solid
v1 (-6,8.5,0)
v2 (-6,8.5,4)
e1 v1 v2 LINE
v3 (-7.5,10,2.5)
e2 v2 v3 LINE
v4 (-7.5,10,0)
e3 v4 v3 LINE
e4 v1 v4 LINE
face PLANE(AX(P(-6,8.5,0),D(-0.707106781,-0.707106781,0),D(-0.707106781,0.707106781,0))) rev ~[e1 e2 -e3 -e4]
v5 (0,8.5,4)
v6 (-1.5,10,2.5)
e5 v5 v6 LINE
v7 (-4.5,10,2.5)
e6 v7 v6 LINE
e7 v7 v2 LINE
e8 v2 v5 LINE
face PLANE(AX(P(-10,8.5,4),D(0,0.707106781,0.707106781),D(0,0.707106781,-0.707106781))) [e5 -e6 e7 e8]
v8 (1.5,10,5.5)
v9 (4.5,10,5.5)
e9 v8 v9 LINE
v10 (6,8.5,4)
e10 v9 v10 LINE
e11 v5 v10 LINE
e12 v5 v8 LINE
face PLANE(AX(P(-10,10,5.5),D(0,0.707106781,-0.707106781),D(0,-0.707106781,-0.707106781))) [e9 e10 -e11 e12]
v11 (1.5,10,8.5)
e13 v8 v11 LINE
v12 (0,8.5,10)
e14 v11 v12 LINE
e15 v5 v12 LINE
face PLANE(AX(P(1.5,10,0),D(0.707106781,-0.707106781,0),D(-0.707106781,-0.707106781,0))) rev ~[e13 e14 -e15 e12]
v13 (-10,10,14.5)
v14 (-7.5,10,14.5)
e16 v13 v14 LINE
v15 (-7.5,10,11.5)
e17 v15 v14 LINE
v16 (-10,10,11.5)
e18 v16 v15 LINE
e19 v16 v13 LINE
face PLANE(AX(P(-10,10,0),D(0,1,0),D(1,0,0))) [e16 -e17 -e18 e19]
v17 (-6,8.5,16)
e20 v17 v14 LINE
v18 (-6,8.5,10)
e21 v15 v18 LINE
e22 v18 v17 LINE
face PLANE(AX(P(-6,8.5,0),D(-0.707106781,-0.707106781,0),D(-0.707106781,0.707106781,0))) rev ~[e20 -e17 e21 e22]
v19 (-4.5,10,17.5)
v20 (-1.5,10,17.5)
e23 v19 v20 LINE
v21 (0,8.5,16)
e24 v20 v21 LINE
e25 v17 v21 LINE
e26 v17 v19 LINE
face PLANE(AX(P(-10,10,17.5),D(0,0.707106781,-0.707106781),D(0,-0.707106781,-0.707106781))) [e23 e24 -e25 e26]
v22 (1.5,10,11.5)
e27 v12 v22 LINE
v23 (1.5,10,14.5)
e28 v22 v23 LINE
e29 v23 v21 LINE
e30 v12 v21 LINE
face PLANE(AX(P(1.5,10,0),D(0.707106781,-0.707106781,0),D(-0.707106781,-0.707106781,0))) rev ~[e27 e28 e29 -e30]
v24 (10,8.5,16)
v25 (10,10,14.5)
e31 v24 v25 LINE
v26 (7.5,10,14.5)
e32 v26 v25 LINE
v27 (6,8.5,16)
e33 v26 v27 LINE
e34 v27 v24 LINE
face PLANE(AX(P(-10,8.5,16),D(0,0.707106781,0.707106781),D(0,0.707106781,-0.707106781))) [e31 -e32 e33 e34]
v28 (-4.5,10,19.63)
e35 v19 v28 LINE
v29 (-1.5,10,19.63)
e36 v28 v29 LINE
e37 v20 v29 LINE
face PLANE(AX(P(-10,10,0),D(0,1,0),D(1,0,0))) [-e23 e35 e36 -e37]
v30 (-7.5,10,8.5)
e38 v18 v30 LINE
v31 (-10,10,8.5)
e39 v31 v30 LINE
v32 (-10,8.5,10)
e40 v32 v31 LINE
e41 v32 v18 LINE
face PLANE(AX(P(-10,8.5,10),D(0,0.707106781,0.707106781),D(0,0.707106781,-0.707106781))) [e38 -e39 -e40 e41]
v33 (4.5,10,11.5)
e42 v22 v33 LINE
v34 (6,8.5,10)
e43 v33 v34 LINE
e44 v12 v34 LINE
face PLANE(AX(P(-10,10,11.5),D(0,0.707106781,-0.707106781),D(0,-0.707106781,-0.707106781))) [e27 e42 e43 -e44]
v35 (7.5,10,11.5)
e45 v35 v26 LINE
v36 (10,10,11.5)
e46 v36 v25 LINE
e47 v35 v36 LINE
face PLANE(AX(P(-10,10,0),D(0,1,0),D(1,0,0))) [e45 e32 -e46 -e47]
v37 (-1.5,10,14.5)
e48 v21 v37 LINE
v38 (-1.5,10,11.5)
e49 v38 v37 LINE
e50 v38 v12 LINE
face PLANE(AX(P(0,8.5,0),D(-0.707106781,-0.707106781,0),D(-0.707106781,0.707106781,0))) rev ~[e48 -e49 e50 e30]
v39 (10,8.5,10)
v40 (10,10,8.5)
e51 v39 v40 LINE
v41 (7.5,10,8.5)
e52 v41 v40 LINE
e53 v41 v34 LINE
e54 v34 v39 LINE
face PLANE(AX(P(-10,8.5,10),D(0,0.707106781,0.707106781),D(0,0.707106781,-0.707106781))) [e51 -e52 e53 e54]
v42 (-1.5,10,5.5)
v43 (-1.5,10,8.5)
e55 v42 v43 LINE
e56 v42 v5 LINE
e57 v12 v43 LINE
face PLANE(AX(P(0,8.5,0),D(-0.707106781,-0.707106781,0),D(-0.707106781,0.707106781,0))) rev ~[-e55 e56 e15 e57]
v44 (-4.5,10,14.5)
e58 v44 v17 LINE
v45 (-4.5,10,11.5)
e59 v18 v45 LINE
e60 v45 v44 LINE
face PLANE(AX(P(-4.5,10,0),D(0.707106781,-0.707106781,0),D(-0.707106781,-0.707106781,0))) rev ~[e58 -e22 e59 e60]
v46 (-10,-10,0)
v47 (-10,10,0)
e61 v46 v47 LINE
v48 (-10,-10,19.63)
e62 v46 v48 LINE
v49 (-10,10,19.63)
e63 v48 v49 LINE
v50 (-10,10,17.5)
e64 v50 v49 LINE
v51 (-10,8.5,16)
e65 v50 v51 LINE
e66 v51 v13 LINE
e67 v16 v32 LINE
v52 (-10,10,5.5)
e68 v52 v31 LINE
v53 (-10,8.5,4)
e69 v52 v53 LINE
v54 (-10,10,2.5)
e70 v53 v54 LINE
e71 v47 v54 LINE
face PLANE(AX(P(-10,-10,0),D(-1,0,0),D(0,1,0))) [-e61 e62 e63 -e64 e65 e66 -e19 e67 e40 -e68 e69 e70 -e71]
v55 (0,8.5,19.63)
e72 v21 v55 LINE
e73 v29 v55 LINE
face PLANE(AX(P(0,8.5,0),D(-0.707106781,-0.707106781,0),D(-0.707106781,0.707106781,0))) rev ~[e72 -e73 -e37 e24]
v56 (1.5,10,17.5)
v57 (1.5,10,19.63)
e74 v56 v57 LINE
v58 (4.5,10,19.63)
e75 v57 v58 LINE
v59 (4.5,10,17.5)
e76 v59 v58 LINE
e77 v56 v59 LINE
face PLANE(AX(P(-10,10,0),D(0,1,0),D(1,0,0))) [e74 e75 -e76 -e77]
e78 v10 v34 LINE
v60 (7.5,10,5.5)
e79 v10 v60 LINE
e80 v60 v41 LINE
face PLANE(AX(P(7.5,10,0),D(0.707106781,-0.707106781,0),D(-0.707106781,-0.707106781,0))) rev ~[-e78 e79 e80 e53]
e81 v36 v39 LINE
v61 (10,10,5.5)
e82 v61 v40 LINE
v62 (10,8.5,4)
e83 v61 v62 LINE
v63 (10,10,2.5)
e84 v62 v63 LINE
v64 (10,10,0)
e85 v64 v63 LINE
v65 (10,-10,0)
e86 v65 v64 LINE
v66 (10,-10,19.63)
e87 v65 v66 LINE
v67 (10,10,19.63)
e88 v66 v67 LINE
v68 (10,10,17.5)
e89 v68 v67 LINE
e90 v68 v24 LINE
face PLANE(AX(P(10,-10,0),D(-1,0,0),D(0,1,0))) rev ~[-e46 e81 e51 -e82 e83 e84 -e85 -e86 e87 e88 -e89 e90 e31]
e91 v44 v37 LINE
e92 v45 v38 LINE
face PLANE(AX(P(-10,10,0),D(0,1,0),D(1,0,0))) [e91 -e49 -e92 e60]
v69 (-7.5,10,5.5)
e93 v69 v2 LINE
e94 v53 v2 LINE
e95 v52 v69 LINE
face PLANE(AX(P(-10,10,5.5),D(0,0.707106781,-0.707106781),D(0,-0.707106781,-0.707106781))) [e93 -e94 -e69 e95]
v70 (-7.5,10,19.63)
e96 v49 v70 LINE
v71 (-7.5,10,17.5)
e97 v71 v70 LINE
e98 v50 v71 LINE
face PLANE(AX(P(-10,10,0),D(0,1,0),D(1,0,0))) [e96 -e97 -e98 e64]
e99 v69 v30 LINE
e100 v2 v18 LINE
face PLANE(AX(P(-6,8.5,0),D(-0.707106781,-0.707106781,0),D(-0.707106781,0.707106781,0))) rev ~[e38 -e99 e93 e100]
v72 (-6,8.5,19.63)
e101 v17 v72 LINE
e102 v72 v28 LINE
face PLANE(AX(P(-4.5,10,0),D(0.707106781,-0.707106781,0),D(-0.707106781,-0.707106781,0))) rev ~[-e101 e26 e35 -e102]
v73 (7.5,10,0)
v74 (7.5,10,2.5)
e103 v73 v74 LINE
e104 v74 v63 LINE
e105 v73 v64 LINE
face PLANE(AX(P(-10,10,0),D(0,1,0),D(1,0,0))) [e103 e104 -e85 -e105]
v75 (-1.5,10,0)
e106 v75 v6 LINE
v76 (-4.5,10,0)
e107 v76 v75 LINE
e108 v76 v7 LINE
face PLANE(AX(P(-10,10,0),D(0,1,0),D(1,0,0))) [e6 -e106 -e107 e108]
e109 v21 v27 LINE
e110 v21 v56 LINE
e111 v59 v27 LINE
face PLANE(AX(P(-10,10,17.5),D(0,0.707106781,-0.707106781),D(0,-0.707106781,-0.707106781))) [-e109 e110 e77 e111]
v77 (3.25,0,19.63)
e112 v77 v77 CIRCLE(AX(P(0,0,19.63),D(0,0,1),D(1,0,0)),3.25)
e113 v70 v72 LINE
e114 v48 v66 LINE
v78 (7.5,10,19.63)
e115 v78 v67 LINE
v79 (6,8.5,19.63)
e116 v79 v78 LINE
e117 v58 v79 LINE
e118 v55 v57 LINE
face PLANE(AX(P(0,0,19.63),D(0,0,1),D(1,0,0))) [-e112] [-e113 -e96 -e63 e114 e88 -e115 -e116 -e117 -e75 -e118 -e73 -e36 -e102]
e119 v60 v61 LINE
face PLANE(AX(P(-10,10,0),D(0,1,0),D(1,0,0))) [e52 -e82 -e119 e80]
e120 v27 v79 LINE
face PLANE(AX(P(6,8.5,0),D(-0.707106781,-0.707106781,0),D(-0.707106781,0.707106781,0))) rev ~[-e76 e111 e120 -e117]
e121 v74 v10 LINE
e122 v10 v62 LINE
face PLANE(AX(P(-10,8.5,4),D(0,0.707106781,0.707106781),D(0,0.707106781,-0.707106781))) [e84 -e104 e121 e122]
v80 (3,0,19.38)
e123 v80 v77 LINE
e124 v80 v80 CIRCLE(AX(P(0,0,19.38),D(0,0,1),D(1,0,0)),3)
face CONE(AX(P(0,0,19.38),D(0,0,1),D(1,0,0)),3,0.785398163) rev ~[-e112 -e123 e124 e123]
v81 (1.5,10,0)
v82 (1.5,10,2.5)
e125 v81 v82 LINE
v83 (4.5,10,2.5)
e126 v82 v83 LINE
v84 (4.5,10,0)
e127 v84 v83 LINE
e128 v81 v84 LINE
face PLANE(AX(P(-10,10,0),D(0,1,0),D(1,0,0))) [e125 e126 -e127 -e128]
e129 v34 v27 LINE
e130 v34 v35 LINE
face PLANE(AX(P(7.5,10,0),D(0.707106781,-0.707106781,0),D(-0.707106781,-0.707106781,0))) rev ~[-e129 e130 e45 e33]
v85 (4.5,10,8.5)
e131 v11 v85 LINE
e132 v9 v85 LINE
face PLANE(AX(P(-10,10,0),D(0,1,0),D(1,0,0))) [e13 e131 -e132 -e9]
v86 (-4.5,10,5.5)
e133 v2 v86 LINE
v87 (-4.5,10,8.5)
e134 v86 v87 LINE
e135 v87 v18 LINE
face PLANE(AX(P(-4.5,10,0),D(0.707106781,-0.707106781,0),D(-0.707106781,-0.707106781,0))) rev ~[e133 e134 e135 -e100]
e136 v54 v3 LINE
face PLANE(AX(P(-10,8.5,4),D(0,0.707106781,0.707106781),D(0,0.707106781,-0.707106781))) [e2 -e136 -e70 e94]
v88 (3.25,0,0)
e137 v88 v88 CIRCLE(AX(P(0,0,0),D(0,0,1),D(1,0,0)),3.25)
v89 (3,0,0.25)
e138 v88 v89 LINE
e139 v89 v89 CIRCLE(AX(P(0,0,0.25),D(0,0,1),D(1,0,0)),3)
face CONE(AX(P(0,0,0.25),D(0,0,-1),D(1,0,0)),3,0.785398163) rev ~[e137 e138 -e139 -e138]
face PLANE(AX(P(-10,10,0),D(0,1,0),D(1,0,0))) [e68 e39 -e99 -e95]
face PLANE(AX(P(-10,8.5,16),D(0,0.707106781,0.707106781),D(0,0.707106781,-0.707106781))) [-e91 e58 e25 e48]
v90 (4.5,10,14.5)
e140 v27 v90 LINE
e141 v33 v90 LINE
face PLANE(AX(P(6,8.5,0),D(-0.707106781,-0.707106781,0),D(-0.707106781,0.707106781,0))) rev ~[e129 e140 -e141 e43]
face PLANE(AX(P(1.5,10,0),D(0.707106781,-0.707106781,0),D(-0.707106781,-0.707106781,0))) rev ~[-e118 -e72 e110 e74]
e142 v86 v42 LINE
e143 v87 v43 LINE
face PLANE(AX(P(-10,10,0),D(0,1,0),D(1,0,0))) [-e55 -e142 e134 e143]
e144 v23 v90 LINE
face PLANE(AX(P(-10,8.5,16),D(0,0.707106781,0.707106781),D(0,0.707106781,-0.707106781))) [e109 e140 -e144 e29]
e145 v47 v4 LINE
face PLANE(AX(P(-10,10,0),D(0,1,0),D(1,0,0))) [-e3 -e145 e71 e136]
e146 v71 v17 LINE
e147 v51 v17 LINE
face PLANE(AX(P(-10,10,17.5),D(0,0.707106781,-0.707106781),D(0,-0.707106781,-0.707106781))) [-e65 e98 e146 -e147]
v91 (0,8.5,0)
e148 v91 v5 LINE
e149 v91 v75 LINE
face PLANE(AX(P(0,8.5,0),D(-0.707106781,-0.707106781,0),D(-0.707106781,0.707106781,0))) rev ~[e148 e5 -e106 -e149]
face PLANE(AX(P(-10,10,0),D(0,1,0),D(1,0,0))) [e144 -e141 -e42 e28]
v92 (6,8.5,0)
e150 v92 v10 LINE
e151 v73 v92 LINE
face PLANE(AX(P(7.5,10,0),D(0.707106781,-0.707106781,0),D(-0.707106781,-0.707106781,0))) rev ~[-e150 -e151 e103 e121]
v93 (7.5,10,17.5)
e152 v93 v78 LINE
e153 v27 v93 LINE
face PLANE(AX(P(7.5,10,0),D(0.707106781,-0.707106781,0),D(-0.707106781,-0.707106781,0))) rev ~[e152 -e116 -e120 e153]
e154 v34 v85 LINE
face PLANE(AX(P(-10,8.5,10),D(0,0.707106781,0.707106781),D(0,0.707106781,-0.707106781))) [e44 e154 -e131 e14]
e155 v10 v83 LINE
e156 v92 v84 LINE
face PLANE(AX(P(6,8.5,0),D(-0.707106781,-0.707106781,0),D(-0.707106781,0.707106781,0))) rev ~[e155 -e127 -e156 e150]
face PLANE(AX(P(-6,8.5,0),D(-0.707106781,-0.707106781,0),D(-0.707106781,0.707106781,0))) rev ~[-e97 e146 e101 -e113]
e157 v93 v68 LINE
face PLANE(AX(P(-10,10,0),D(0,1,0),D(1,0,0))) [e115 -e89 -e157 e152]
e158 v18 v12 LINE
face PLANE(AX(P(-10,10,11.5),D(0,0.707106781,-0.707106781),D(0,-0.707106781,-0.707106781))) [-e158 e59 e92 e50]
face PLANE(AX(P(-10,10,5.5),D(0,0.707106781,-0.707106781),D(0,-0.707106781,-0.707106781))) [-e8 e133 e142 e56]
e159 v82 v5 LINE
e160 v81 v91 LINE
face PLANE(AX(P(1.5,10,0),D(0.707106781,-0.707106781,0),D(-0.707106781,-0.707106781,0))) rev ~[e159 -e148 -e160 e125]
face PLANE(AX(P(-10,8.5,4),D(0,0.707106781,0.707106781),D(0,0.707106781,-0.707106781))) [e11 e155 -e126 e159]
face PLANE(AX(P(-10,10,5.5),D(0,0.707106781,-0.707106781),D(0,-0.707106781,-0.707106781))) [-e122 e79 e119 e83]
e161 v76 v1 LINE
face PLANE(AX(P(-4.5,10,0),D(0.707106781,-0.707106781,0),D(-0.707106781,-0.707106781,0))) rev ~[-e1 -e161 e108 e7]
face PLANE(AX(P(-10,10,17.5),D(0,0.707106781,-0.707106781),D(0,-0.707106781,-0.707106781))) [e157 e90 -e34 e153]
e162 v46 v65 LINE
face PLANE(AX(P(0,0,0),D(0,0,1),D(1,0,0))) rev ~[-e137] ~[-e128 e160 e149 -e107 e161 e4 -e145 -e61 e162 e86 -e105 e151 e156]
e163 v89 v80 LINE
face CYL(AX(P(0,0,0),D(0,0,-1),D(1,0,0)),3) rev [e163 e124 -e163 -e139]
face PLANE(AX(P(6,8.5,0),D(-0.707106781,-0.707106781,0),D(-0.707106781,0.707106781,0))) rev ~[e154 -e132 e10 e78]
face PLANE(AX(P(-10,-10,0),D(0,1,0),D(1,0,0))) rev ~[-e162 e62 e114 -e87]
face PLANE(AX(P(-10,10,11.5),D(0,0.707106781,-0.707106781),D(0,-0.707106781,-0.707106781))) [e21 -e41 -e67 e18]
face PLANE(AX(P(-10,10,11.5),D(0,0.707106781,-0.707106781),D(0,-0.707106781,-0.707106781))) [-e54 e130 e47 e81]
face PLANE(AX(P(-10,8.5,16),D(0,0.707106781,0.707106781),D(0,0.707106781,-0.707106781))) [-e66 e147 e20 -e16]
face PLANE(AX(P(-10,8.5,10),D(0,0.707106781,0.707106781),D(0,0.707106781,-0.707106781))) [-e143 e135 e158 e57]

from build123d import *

# Parameters (mm, degrees)
SKETCH1_W           = 20
SKETCH1_H           = 20
SKETCH1_R           = 3
BOSS_EXTRUDE1_DEPTH = 19.63
CUT_EXTRUDE1_DEPTH  = 26
CUT_EXTRUDE2_DEPTH  = 26
CHAMFER1_SIZE       = 0.25
CHAMFER2_SIZE       = 0.25


with BuildPart() as part:
    # Sketch1 → Boss-Extrude1 (new body)
    with BuildSketch(Plane.XY):
        Rectangle(SKETCH1_W, SKETCH1_H)
        Circle(SKETCH1_R, mode=Mode.SUBTRACT)
    extrude(amount=BOSS_EXTRUDE1_DEPTH)

    # Sketch2 → Cut-Extrude1 (cut)
    with BuildSketch(Plane(origin=(0, 0, 0), x_dir=(-1, 0, 0), z_dir=(0, 0, -1))):
        Polygon((-6, 8.5), (-4.5, 10), (-7.5, 10), align=None)
        Polygon((-1.5, 10), (0, 8.5), (1.5, 10), align=None)
        Polygon((7.5, 10), (4.5, 10), (6, 8.5), align=None)
    extrude(amount=-CUT_EXTRUDE1_DEPTH, mode=Mode.SUBTRACT)

    # Sketch3 → Cut-Extrude2 (cut)
    with BuildSketch(Plane(origin=(-10, 0, 10), x_dir=(0, 0, -1), z_dir=(1, 0, 0))):
        Polygon((7.5, 10), (4.5, 10), (6, 8.5), align=None)
        Polygon((-1.5, 10), (0, 8.5), (1.5, 10), align=None)
        Polygon((-6, 8.5), (-4.5, 10), (-7.5, 10), align=None)
    extrude(amount=CUT_EXTRUDE2_DEPTH, mode=Mode.SUBTRACT)

    # Chamfer1
    chamfer1_edges = [part.edges().sort_by_distance(p)[0] for p in [
        (-3, 0, 0),
    ]]
    chamfer(chamfer1_edges, length=CHAMFER1_SIZE)

    # Chamfer2
    chamfer2_edges = [part.edges().sort_by_distance(p)[0] for p in [
        (-3, 0, 19.63),
    ]]
    chamfer(chamfer2_edges, length=CHAMFER2_SIZE)


solid = part.part
